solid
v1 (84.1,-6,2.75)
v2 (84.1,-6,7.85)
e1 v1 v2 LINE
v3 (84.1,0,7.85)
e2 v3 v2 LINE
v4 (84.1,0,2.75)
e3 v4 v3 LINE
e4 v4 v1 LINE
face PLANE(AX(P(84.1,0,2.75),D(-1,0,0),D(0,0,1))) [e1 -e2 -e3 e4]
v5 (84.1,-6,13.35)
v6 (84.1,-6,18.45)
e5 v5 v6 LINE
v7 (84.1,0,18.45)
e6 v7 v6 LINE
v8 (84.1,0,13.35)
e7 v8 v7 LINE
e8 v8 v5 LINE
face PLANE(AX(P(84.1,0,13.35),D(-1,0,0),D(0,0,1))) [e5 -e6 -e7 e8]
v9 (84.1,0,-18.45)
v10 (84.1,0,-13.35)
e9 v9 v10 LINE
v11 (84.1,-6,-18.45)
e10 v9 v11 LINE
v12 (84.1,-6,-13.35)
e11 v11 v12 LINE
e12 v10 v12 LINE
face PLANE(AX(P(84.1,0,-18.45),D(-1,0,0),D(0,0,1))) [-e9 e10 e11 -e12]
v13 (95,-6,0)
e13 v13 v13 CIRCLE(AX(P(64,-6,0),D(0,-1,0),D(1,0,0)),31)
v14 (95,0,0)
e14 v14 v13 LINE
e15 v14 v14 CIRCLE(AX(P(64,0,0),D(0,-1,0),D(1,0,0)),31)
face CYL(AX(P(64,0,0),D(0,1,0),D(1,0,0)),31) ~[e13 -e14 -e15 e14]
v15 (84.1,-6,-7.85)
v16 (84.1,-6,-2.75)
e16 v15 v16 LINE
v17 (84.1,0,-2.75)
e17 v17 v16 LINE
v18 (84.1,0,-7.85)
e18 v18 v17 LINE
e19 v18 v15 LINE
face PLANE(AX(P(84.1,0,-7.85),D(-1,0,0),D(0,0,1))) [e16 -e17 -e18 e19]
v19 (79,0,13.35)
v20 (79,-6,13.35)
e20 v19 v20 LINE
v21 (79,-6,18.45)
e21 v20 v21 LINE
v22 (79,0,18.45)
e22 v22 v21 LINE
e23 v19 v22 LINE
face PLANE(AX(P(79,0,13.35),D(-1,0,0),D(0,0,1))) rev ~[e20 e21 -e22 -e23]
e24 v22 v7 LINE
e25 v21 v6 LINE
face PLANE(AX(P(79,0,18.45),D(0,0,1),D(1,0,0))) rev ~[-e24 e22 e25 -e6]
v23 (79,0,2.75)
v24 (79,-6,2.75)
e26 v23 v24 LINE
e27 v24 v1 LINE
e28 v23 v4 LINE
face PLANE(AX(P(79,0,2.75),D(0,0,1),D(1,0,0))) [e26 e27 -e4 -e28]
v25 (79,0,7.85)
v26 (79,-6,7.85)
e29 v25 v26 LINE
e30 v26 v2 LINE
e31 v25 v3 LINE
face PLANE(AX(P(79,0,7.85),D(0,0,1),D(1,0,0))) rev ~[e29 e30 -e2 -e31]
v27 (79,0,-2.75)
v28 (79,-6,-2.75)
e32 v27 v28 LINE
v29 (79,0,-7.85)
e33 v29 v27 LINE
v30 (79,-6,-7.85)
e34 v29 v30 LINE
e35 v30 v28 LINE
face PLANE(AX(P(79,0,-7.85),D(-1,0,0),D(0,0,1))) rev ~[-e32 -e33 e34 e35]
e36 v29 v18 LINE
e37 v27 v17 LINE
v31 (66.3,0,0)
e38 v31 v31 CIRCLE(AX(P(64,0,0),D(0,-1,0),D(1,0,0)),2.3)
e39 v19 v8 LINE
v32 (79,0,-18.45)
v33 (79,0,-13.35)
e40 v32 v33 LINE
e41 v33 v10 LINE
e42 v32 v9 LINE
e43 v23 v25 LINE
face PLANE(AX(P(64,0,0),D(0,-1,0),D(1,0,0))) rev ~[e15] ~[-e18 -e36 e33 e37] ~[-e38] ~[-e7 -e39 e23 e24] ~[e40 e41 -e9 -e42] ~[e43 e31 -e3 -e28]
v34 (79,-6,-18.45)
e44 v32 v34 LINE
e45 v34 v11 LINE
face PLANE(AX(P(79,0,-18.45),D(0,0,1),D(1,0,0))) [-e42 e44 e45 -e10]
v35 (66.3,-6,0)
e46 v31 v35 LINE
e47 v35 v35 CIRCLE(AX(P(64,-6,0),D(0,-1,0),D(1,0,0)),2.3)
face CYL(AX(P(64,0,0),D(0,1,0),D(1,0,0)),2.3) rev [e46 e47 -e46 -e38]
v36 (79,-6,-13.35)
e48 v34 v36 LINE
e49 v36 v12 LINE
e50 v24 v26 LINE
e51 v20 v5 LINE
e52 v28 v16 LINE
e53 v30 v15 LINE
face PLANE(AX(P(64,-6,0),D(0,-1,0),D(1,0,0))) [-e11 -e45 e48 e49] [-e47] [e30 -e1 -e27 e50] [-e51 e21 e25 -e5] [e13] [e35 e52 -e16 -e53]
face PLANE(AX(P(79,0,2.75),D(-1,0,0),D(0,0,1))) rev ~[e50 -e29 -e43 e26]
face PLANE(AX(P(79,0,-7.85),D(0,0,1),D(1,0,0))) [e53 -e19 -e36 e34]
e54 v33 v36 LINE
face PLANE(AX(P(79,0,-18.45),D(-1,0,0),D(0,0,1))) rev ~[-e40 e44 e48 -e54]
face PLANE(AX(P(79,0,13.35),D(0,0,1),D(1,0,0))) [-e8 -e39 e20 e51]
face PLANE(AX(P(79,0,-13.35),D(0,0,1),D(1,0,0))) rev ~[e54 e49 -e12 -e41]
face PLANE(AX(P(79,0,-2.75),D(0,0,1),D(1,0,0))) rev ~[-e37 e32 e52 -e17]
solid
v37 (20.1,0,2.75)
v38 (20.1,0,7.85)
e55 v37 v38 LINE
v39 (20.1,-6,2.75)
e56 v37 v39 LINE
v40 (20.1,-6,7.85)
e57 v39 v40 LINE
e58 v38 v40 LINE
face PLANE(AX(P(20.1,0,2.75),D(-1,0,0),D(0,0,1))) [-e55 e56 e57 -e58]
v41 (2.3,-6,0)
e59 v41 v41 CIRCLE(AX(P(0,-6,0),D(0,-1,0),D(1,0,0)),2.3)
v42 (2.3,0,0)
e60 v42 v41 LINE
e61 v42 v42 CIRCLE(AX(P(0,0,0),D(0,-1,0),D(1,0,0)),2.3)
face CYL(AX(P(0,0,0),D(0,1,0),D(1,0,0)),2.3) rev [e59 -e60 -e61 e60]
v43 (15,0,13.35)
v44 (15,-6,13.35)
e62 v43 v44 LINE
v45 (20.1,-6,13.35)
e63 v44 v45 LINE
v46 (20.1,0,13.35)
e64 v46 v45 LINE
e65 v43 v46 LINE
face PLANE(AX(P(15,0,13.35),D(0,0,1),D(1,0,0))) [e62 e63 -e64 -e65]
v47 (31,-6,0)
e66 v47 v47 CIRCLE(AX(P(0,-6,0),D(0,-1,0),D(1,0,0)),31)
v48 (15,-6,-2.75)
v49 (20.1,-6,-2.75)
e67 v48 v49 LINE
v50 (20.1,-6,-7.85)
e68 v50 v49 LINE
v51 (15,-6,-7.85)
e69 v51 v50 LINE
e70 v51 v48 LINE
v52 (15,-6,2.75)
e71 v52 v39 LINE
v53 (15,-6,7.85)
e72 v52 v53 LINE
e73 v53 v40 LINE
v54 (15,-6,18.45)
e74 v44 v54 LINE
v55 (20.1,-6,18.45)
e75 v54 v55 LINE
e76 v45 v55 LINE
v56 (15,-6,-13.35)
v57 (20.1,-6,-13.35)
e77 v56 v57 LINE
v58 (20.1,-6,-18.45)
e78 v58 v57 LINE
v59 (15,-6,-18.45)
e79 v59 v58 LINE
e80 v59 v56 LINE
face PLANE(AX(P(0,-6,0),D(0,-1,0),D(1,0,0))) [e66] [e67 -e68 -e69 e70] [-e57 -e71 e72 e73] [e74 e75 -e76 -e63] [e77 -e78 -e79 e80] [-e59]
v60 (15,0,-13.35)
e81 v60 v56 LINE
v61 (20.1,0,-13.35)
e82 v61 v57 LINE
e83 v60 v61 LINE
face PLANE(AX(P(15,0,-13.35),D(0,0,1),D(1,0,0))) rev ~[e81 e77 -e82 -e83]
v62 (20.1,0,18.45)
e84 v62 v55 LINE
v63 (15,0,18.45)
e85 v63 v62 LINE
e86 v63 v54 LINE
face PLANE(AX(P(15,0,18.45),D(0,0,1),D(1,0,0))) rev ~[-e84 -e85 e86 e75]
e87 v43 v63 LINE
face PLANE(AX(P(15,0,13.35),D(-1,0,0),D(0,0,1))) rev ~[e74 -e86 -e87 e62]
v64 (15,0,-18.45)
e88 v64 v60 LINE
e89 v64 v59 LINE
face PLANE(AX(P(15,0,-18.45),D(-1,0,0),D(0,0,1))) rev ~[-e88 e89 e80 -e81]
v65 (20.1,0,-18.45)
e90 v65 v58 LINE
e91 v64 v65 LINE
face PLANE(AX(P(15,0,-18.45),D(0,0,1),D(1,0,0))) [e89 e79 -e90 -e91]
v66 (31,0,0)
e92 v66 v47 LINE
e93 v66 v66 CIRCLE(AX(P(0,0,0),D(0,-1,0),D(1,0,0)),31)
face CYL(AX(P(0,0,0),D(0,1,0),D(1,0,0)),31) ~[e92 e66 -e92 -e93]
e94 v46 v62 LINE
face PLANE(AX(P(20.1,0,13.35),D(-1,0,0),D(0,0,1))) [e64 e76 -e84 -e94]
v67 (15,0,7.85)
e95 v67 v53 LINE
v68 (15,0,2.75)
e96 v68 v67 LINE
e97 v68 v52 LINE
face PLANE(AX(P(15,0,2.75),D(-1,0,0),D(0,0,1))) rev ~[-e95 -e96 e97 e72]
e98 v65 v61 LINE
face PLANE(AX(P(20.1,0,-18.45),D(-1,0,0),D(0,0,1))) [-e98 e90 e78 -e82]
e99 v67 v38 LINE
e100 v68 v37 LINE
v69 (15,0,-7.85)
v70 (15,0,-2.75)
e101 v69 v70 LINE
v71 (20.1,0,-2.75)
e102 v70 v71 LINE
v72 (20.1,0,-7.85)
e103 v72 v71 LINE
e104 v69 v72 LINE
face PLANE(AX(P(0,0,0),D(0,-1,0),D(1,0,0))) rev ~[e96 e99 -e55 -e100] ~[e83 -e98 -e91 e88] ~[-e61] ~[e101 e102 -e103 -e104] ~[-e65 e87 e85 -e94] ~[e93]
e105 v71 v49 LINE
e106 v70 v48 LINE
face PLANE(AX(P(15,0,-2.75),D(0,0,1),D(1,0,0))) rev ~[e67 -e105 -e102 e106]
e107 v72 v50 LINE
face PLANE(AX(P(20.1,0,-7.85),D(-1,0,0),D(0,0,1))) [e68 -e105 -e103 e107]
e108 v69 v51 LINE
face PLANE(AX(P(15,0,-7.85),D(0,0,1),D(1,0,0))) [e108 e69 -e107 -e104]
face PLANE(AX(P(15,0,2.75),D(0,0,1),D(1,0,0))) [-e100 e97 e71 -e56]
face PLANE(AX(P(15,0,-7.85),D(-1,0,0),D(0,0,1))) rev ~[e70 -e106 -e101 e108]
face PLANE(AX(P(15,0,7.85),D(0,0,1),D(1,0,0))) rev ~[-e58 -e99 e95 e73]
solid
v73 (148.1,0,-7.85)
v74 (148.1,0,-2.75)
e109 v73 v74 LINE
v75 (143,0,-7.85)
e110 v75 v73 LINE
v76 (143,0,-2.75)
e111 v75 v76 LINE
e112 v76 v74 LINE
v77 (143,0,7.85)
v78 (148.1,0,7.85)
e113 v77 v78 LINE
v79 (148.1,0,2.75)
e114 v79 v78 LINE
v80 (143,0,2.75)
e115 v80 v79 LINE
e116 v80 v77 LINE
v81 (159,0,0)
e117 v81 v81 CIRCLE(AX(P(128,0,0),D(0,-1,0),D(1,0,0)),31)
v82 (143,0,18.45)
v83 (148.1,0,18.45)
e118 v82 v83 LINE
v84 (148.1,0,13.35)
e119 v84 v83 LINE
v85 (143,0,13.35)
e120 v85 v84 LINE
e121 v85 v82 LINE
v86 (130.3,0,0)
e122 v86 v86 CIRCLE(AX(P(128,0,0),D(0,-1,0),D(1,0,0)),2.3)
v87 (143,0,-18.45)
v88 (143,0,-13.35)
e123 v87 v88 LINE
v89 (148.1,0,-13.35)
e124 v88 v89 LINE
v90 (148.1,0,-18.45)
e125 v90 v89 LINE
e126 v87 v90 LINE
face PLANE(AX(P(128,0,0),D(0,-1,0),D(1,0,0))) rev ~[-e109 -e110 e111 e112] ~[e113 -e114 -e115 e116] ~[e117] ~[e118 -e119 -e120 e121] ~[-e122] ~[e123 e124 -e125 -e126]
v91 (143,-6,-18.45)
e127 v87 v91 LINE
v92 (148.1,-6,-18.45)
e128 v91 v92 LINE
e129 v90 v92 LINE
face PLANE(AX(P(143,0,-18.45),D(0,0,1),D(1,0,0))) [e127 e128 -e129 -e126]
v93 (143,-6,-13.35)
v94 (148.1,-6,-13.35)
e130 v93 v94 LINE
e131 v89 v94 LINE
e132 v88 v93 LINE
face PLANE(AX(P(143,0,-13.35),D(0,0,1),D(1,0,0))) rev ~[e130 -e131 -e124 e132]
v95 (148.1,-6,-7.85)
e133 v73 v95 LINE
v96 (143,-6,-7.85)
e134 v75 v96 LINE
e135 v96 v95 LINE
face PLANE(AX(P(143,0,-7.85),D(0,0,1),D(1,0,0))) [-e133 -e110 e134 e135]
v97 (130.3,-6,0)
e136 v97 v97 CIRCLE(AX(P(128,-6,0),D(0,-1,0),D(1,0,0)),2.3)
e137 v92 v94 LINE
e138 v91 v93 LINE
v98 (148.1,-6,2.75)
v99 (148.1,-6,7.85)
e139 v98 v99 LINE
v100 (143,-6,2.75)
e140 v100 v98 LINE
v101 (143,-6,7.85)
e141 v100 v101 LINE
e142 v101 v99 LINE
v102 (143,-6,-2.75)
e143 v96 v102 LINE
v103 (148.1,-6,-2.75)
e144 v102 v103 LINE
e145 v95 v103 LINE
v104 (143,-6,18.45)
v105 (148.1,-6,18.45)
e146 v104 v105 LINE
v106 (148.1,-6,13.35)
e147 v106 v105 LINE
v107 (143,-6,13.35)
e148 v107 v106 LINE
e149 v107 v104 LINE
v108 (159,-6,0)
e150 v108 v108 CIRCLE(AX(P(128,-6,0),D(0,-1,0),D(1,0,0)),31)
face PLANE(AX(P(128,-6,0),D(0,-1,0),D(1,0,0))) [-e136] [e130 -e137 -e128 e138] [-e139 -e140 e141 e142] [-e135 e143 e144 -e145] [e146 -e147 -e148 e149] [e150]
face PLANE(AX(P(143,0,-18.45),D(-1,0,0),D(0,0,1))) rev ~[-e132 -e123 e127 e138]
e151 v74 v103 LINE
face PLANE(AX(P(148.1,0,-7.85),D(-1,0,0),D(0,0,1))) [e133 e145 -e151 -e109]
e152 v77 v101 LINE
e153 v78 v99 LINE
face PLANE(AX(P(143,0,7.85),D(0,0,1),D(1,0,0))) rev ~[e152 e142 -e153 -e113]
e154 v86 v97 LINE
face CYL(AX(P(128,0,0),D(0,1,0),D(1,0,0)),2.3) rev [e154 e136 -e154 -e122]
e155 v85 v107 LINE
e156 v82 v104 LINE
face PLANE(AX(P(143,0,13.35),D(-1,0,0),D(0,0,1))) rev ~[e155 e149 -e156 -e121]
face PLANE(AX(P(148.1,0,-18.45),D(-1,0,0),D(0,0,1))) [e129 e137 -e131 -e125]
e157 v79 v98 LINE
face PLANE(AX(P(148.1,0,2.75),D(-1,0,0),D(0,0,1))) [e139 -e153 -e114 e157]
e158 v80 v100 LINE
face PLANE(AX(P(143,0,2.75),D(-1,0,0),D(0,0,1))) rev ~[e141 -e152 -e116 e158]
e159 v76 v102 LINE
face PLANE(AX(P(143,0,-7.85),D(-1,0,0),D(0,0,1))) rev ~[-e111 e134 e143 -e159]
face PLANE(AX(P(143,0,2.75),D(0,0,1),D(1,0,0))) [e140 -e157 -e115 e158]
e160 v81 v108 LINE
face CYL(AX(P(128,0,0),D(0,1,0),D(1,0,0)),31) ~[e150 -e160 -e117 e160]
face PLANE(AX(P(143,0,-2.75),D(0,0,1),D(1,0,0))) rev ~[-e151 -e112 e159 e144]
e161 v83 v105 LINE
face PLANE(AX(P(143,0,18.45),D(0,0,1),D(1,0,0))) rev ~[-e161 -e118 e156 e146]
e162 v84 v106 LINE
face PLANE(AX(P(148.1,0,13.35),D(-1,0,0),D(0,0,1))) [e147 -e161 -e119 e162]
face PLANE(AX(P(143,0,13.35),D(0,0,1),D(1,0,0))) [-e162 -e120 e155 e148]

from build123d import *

# Parameters (mm, degrees)
F0_R     = 31
F0_W     = 5.1
F0_H     = 5.1
F0_R_2   = 2.3
F1_DEPTH = 6


with BuildPart() as f1:
    # F0 (on Front) → F1 (new body)
    with BuildSketch(Plane.XZ):
        Circle(F0_R)
        with Locations((17.55, -15.9)):
            Rectangle(F0_W, F0_H, mode=Mode.SUBTRACT)
        with Locations((17.55, -5.3)):
            Rectangle(F0_W, F0_H, mode=Mode.SUBTRACT)
        Circle(F0_R_2, mode=Mode.SUBTRACT)
        with Locations((17.55, 5.3)):
            Rectangle(F0_W, F0_H, mode=Mode.SUBTRACT)
        with Locations((17.55, 15.9)):
            Rectangle(F0_W, F0_H, mode=Mode.SUBTRACT)
        with Locations((64, 0)):
            Circle(F0_R)
        with Locations((81.55, -15.9)):
            Rectangle(F0_W, F0_H, mode=Mode.SUBTRACT)
        with Locations((81.55, -5.3)):
            Rectangle(F0_W, F0_H, mode=Mode.SUBTRACT)
        with Locations((64, 0)):
            Circle(F0_R_2, mode=Mode.SUBTRACT)
        with Locations((81.55, 5.3)):
            Rectangle(F0_W, F0_H, mode=Mode.SUBTRACT)
        with Locations((81.55, 15.9)):
            Rectangle(F0_W, F0_H, mode=Mode.SUBTRACT)
        with Locations((128, 0)):
            Circle(F0_R)
        with Locations((145.55, -15.9)):
            Rectangle(F0_W, F0_H, mode=Mode.SUBTRACT)
        with Locations((145.55, -5.3)):
            Rectangle(F0_W, F0_H, mode=Mode.SUBTRACT)
        with Locations((128, 0)):
            Circle(F0_R_2, mode=Mode.SUBTRACT)
        with Locations((145.55, 5.3)):
            Rectangle(F0_W, F0_H, mode=Mode.SUBTRACT)
        with Locations((145.55, 15.9)):
            Rectangle(F0_W, F0_H, mode=Mode.SUBTRACT)
    extrude(amount=F1_DEPTH)


solid = f1.part
